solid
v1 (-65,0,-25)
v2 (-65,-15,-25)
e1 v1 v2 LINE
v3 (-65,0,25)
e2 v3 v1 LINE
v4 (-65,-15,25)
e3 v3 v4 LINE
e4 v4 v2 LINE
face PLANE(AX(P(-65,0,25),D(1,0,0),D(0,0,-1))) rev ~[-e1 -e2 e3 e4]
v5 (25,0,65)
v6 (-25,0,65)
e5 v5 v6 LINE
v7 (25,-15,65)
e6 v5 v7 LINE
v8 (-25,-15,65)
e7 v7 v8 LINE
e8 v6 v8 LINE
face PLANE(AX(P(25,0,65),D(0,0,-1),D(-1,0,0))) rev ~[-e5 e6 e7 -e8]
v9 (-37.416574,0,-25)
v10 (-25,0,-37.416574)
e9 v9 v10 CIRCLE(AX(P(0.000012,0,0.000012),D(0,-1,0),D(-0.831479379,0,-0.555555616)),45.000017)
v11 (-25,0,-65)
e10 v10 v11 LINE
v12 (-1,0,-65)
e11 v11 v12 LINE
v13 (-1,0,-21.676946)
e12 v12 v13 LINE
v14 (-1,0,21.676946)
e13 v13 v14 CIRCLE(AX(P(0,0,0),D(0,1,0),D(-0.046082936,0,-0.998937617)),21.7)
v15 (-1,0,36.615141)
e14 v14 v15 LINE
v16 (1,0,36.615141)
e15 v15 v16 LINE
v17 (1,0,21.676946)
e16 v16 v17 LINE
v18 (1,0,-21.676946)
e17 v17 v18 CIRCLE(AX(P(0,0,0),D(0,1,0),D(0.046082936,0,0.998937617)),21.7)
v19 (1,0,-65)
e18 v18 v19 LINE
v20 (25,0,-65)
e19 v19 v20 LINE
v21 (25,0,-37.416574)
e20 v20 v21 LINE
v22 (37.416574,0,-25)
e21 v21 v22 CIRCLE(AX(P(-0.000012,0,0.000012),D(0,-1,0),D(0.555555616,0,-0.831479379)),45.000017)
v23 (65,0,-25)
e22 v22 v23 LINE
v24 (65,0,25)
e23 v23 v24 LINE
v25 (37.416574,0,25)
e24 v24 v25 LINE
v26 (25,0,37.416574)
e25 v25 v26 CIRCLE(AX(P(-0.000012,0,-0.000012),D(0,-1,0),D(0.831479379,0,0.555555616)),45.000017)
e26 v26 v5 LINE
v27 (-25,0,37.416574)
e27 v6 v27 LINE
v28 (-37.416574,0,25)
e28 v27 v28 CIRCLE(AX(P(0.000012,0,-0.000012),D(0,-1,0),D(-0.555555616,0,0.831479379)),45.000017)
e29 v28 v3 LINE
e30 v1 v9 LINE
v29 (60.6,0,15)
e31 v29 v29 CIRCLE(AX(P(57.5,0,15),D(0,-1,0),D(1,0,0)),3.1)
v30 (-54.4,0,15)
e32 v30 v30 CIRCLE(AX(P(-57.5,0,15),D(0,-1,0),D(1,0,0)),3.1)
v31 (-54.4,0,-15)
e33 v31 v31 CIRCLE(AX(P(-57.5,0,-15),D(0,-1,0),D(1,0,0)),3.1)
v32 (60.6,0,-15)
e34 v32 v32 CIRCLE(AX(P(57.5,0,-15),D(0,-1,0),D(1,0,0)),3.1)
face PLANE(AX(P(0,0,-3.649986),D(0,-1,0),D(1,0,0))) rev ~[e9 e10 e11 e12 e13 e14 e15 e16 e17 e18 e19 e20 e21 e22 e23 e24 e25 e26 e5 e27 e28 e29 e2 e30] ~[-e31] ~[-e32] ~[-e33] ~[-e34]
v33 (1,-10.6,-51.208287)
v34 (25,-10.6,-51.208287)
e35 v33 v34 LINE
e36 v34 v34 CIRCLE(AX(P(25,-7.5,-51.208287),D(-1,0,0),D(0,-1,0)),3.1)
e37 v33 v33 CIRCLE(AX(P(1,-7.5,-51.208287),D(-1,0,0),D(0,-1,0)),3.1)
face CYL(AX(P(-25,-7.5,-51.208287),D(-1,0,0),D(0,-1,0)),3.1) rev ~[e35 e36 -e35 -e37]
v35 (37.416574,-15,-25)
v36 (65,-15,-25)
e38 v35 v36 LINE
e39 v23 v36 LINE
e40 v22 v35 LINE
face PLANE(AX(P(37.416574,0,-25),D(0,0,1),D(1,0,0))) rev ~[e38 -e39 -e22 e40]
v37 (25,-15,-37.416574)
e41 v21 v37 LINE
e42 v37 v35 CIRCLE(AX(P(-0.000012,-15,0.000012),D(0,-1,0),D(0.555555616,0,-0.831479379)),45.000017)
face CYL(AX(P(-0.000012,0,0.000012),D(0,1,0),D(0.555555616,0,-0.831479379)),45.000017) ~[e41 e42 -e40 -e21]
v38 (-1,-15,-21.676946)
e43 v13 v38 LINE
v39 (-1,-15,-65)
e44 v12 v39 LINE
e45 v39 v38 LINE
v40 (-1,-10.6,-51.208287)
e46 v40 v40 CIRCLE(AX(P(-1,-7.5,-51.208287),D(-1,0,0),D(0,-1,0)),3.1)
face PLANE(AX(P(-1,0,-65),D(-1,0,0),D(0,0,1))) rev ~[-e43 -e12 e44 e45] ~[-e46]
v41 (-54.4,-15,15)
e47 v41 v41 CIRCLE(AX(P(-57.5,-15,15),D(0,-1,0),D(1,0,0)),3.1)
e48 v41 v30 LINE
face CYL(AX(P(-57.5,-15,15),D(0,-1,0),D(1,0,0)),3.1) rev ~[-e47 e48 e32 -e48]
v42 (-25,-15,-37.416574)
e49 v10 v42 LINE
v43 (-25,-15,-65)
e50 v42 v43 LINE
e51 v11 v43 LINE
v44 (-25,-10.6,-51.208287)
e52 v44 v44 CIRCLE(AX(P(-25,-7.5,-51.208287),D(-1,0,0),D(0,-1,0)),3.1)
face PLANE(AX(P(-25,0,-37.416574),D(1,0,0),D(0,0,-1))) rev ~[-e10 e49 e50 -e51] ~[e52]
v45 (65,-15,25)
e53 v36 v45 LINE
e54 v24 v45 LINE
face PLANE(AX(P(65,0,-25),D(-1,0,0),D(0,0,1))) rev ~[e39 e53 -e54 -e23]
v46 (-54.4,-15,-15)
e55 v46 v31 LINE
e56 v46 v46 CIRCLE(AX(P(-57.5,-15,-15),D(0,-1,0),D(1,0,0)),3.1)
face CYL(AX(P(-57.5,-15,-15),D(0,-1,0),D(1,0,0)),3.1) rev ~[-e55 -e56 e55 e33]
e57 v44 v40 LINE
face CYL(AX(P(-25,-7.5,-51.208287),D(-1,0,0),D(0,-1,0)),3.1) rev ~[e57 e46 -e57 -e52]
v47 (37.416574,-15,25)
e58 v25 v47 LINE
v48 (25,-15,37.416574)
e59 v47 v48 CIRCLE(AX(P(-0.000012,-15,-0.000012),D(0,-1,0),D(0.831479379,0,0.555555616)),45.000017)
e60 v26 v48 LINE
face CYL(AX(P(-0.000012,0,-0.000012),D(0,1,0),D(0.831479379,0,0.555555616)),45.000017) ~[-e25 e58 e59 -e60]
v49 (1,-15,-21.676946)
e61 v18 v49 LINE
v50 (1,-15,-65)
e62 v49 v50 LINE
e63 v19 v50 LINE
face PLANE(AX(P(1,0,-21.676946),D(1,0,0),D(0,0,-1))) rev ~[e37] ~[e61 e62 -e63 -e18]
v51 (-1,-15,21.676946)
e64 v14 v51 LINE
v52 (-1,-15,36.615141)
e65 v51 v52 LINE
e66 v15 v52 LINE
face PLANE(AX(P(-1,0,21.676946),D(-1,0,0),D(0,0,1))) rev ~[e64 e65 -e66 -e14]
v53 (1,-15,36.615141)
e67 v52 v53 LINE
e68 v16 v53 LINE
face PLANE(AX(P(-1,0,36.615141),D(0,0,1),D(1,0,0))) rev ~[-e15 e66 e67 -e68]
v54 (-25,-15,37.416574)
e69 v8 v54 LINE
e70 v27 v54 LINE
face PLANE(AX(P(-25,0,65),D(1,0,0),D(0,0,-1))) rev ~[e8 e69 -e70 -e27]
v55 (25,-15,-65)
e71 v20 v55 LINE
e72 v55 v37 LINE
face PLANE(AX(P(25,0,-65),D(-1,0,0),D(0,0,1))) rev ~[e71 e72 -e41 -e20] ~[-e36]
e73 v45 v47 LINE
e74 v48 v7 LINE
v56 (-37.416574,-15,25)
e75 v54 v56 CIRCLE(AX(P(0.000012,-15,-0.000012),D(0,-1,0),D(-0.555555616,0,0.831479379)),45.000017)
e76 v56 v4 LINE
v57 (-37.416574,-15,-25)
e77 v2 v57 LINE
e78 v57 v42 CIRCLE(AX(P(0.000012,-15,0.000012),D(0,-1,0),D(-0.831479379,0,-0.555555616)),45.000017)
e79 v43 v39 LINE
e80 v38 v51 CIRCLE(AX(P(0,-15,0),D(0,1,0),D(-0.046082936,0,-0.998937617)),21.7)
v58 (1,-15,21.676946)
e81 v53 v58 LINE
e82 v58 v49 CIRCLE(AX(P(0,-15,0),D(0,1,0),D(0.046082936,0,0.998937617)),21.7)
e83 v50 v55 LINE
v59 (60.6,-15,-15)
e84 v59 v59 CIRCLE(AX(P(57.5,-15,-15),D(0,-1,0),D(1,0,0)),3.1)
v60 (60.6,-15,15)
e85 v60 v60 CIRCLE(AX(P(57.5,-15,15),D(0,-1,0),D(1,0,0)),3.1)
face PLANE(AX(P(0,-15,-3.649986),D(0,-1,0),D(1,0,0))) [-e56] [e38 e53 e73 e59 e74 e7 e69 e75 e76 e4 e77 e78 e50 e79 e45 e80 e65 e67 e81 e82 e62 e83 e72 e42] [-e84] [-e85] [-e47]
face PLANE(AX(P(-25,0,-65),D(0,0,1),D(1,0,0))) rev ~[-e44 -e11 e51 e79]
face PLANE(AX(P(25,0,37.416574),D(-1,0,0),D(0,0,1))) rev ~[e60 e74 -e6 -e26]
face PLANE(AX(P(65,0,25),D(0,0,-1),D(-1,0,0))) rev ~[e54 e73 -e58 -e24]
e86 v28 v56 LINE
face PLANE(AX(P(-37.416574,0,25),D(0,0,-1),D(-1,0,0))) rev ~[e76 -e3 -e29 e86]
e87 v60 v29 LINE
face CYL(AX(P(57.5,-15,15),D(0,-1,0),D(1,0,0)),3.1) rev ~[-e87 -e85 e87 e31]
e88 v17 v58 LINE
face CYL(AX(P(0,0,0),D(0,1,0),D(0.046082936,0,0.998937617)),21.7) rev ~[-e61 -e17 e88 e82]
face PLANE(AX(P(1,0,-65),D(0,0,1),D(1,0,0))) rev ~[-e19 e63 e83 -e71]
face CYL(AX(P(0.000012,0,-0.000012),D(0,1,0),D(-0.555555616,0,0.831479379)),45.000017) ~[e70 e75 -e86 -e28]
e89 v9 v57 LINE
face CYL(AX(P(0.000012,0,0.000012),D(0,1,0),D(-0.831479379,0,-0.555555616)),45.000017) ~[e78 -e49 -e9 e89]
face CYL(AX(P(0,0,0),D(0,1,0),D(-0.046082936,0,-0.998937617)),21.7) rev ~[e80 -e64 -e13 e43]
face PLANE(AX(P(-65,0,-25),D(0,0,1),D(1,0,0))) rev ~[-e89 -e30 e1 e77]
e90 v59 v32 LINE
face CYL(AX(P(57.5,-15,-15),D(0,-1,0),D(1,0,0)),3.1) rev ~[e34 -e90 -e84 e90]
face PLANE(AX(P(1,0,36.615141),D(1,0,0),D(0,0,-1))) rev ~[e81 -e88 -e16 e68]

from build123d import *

# Parameters (mm, degrees)
F1_DEPTH = 15
F2_R     = 3.1
F3_DEPTH = 25
F4_R     = 3.1
F5_DEPTH = 56.6


with BuildPart() as f1:
    # F0 (on Front) → F1 (new body)
    with BuildSketch(Plane.XZ):
        with BuildLine():
            Line((65, 25), (37.416574, 25))
            ThreePointArc((37.416574, 25), (31.819805, 31.819805), (25, 37.416574))
            Line((25, 37.416574), (25, 65))
            Line((25, 65), (1, 65))
            Line((1, 65), (-1, 65))
            Line((-1, 65), (-25, 65))
            Line((-25, 65), (-25, 37.416574))
            ThreePointArc((-25, 37.416574), (-31.819805, 31.819805), (-37.416574, 25))
            Line((-37.416574, 25), (-65, 25))
            Line((-65, 25), (-65, -25))
            Line((-65, -25), (-37.416574, -25))
            ThreePointArc((-37.416574, -25), (-31.819805, -31.819805), (-25, -37.416574))
            Line((-25, -37.416574), (-25, -65))
            Line((-25, -65), (-1, -65))
            Line((-1, -65), (-1, -21.676946))
            ThreePointArc((-1, -21.676946), (-21.7, 0), (-1, 21.676946))
            Line((-1, 21.676946), (-1, 36.615141))
            Line((-1, 36.615141), (1, 36.615141))
            Line((1, 36.615141), (1, 21.676946))
            ThreePointArc((1, 21.676946), (21.7, 0), (1, -21.676946))
            Line((1, -21.676946), (1, -65))
            Line((1, -65), (25, -65))
            Line((25, -65), (25, -37.416574))
            ThreePointArc((25, -37.416574), (31.819805, -31.819805), (37.416574, -25))
            Line((37.416574, -25), (65, -25))
            Line((65, -25), (65, 25))
        make_face()
    extrude(amount=F1_DEPTH)

    # F2 (on face) → F3 (cut)
    with BuildSketch(Plane.XZ.offset(15)):
        with Locations((57.5, 15)):
            Circle(F2_R)
        with Locations((57.5, -15)):
            Circle(F2_R)
        with Locations((-57.5, 15)):
            Circle(F2_R)
        with Locations((-57.5, -15)):
            Circle(F2_R)
    extrude(amount=-F3_DEPTH, mode=Mode.SUBTRACT)

    # F4 (on face) → F5 (cut)
    with BuildSketch(Plane(origin=(-25, 0, 0), x_dir=(0, -1, 0), z_dir=(-1, 0, 0))):
        with Locations((7.5, -51.208287)):
            Circle(F4_R)
    extrude(amount=-F5_DEPTH, mode=Mode.SUBTRACT)


solid = f1.part
